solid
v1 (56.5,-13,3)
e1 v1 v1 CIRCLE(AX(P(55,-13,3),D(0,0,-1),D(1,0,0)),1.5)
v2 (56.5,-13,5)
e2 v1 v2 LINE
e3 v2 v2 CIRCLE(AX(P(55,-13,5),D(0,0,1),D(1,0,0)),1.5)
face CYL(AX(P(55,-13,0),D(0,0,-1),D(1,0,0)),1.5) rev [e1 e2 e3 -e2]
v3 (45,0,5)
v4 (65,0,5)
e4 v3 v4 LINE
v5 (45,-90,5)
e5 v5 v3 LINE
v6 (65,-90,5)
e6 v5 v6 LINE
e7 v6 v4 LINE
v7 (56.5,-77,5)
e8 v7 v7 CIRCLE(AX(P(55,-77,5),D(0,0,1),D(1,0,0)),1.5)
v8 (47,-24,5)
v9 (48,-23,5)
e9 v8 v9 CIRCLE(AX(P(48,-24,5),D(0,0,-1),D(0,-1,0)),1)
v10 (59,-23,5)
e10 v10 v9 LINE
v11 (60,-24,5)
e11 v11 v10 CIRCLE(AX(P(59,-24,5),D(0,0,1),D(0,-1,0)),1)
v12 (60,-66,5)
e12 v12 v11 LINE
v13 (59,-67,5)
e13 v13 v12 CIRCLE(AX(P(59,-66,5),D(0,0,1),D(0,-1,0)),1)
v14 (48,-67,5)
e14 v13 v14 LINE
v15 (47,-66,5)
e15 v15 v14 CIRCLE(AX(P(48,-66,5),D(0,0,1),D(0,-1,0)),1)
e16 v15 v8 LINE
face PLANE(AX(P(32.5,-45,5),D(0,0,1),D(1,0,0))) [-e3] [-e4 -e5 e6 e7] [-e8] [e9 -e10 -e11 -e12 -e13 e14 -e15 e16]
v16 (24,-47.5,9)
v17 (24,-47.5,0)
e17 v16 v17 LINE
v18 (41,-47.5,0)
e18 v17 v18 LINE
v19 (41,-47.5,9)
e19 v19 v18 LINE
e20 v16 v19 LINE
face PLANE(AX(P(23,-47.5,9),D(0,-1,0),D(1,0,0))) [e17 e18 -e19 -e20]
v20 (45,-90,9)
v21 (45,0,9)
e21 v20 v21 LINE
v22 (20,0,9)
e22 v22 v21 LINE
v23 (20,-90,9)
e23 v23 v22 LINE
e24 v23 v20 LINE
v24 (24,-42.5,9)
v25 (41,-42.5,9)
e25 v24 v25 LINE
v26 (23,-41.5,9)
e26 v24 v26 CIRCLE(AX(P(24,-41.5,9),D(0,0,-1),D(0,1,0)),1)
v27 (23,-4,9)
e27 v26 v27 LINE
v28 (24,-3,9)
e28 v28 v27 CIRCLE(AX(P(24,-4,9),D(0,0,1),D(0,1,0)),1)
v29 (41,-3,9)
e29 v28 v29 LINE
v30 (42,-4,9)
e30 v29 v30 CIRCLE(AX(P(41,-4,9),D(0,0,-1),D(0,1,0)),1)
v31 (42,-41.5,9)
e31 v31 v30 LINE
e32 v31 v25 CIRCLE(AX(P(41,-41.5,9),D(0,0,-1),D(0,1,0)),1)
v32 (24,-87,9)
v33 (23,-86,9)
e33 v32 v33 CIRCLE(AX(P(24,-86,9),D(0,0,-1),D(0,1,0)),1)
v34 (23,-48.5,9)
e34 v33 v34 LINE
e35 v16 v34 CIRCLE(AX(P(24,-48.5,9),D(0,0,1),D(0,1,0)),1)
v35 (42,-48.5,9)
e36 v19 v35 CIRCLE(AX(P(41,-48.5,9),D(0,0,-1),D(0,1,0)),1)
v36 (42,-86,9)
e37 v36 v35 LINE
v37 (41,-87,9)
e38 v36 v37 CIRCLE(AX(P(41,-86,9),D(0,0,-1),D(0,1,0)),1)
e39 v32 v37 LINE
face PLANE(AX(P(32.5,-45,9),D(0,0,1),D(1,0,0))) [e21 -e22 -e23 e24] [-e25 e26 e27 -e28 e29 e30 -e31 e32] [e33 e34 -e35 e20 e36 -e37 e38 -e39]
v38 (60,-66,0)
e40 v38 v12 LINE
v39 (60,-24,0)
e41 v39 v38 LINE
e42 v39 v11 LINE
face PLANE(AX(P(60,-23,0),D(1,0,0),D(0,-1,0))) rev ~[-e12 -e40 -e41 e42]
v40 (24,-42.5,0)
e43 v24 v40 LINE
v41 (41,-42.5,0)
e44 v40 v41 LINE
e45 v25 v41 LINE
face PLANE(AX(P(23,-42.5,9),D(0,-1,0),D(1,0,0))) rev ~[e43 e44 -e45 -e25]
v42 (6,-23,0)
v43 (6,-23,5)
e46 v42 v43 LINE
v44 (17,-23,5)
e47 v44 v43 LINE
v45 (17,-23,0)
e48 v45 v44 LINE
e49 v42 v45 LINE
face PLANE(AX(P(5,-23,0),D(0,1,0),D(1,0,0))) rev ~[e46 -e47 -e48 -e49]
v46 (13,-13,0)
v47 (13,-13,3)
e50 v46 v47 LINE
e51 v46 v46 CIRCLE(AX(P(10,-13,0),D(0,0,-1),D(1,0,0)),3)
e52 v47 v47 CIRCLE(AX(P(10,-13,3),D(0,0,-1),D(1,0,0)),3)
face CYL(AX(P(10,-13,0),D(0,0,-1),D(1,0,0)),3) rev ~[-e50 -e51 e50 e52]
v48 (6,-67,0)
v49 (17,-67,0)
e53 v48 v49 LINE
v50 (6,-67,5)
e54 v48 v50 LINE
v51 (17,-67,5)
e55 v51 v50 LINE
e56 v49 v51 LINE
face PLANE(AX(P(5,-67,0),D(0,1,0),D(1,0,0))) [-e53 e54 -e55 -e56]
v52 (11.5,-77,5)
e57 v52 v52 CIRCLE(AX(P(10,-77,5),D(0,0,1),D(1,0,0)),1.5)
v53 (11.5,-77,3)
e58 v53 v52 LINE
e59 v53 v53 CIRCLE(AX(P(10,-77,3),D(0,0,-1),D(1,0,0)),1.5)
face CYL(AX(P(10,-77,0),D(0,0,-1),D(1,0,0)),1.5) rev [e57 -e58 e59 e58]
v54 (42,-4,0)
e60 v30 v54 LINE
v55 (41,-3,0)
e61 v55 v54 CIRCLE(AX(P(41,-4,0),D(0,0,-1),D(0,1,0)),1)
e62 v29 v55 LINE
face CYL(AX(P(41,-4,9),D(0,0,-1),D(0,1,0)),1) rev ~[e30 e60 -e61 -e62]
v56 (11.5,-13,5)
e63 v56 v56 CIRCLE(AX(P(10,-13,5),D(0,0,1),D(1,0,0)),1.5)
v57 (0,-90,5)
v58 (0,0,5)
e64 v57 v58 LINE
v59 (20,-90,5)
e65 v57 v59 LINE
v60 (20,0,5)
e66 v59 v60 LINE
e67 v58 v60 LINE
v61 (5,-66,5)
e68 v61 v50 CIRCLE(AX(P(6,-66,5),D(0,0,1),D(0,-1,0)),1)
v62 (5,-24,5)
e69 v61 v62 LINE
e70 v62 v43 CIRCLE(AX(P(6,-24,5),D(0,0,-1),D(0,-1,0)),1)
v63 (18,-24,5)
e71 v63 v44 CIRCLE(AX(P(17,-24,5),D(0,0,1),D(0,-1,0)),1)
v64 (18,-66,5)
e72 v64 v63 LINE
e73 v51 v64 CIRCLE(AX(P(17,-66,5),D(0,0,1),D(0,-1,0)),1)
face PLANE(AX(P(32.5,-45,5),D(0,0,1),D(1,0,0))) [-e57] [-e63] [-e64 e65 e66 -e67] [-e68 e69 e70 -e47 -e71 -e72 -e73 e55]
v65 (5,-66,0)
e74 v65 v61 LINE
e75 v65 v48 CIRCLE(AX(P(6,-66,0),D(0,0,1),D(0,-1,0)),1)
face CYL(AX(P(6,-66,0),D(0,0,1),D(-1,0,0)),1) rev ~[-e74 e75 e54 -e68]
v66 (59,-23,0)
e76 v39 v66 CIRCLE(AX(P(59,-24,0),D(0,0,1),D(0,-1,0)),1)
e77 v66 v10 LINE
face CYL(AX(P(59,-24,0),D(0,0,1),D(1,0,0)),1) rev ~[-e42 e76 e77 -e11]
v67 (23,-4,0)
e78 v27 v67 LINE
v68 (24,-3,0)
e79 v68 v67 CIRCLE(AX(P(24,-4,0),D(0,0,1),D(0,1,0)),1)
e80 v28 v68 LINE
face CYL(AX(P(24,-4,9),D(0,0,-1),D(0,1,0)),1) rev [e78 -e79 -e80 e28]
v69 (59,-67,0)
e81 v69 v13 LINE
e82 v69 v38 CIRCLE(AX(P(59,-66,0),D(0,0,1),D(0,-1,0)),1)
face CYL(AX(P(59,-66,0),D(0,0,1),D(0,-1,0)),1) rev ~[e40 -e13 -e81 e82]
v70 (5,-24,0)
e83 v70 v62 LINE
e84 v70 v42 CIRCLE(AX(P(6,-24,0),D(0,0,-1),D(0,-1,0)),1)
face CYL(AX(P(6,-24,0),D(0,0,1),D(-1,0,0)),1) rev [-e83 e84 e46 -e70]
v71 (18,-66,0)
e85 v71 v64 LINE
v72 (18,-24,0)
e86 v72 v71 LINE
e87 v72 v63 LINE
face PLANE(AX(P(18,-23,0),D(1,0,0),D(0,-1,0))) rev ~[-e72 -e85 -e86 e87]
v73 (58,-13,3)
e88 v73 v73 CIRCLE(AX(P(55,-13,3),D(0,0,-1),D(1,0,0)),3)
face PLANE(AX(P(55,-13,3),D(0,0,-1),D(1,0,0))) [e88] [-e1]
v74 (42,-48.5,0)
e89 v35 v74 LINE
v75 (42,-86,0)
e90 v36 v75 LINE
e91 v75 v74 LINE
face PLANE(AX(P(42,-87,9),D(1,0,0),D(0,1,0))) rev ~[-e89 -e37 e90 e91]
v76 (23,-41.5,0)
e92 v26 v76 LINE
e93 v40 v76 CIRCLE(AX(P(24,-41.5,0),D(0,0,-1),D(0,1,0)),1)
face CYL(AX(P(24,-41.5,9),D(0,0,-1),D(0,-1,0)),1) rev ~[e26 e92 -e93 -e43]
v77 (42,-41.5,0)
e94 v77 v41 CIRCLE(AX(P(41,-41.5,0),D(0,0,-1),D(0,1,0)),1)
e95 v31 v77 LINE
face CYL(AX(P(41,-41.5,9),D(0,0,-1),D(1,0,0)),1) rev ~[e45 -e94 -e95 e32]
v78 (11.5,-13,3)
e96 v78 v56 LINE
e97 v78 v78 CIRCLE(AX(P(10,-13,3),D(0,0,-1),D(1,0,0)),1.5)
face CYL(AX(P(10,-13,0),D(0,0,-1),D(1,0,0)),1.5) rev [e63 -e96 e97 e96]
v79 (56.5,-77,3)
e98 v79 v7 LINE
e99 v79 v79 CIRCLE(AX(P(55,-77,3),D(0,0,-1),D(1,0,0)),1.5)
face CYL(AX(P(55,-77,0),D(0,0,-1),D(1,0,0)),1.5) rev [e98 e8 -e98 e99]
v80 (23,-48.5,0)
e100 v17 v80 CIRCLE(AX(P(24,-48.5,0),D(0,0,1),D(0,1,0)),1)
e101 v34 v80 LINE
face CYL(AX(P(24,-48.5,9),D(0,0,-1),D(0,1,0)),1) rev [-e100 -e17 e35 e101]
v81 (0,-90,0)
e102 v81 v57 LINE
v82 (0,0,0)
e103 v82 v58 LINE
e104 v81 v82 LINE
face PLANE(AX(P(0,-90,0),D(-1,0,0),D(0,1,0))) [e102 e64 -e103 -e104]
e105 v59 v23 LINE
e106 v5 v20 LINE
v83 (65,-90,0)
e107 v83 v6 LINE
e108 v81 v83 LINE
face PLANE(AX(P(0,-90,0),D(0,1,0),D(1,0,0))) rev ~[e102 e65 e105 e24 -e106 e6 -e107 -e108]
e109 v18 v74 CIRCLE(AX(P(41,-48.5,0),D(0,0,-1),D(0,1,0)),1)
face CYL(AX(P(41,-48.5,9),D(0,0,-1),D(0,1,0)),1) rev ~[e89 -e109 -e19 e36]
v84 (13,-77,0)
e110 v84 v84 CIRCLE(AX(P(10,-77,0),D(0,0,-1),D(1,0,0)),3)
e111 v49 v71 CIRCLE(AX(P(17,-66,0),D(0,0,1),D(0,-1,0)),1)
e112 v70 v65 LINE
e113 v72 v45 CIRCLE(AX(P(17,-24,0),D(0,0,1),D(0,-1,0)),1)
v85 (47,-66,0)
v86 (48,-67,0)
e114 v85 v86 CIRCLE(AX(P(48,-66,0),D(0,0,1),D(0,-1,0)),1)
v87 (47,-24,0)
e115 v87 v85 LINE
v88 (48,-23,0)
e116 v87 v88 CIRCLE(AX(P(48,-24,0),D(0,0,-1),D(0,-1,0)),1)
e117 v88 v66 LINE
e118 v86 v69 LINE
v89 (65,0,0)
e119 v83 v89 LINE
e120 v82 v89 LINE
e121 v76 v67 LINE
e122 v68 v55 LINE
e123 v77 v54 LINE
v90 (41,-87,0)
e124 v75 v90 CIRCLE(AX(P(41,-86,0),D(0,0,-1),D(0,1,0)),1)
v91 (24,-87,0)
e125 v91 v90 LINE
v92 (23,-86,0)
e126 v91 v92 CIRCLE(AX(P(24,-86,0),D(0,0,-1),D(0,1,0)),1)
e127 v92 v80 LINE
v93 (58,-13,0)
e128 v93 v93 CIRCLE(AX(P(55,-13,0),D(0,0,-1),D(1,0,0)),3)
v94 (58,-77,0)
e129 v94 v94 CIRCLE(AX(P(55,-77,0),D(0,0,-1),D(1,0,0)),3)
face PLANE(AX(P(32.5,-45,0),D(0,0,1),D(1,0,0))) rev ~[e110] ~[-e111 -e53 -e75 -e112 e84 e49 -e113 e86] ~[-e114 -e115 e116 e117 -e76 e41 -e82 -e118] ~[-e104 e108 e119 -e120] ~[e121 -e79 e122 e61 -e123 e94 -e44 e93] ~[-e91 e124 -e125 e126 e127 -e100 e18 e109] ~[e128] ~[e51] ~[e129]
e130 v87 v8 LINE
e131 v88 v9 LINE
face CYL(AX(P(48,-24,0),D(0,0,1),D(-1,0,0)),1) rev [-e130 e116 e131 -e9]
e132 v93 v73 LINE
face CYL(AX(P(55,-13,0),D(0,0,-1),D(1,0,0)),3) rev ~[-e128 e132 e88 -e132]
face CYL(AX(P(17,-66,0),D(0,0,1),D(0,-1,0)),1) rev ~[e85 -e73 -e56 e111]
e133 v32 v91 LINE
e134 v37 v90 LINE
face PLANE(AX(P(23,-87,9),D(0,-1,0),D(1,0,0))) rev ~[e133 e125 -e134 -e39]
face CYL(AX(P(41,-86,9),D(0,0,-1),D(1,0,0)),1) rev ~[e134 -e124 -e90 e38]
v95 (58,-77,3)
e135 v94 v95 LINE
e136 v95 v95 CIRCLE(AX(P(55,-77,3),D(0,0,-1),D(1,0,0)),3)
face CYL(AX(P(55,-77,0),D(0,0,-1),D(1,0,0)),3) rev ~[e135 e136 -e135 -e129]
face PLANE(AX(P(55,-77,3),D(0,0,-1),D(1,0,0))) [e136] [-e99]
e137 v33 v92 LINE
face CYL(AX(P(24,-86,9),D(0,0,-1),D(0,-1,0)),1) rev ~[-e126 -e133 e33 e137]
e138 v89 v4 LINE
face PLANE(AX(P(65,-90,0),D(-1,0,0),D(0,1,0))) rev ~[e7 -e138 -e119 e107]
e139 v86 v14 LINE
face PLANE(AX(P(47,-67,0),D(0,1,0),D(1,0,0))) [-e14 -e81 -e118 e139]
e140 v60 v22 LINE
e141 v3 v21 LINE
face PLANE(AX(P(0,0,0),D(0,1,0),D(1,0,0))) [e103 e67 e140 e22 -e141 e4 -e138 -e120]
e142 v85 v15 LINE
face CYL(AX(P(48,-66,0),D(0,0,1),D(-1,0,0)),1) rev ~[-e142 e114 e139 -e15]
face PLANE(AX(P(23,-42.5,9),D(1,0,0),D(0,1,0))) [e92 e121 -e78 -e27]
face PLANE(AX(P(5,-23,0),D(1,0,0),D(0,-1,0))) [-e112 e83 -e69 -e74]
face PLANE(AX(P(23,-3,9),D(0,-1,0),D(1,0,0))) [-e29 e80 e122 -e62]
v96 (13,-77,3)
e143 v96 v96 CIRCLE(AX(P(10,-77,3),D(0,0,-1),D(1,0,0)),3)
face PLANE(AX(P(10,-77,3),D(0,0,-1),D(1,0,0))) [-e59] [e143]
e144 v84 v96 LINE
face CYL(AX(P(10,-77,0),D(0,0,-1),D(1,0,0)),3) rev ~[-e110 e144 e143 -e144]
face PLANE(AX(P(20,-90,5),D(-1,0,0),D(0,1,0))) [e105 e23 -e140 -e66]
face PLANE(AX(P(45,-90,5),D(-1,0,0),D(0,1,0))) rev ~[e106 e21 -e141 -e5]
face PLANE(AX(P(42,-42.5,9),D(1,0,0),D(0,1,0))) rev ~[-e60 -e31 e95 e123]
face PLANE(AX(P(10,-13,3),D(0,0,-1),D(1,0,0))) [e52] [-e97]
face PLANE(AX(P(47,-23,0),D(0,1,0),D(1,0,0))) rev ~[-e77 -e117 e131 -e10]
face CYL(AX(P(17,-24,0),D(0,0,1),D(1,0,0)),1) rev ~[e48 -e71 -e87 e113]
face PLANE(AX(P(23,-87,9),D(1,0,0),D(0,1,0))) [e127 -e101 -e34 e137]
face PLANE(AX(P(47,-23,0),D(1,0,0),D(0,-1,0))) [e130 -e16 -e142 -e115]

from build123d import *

# Parameters (mm, degrees)
SKETCH_W        = 65
SKETCH_H        = 90
SKETCH_R        = 1.5
PAD_DEPTH       = 5
SKETCH002_W     = 25
SKETCH002_H     = 90
PAD001_DEPTH    = 4
SKETCH003_W     = 19
SKETCH003_H     = 39.5
POCKET_DEPTH    = 9.001
FILLET_R        = 1
FILLET001_R     = 1
FILLET002_R     = 1
FILLET003_R     = 1
SKETCH004_R     = 3
POCKET001_DEPTH = 3
SKETCH005_W     = 13
SKETCH005_H     = 44
POCKET002_DEPTH = 9.001
FILLET004_R     = 1
FILLET005_R     = 1
FILLET006_R     = 1
FILLET007_R     = 1


with BuildPart() as part:
    # Sketch → Pad (new body)
    with BuildSketch(Plane.XY):
        with Locations((32.5, -45)):
            Rectangle(SKETCH_W, SKETCH_H)
        with Locations((10, -13)):
            Circle(SKETCH_R, mode=Mode.SUBTRACT)
        with Locations((10, -77)):
            Circle(SKETCH_R, mode=Mode.SUBTRACT)
        with Locations((55, -13)):
            Circle(SKETCH_R, mode=Mode.SUBTRACT)
        with Locations((55, -77)):
            Circle(SKETCH_R, mode=Mode.SUBTRACT)
    extrude(amount=PAD_DEPTH)

    # Sketch002 → Pad001 (new body)
    with BuildSketch(Plane.XY.offset(5)):
        with Locations((32.5, -45)):
            Rectangle(SKETCH002_W, SKETCH002_H)
    extrude(amount=PAD001_DEPTH)

    # Sketch003 → Pocket (cut, through all)
    with BuildSketch(Plane.XY.offset(9)):
        with Locations((32.5, -22.75)):
            Rectangle(SKETCH003_W, SKETCH003_H)
        with Locations((32.5, -67.25)):
            Rectangle(SKETCH003_W, SKETCH003_H)
    extrude(amount=-POCKET_DEPTH, mode=Mode.SUBTRACT)

    # Fillet
    fillet_edges = [part.edges().sort_by_distance(p)[0] for p in [
        (23, -47.5, 4.5),
        (23, -3, 4.5),
    ]]
    fillet(fillet_edges, radius=FILLET_R)

    # Fillet001
    fillet001_edges = [part.edges().sort_by_distance(p)[0] for p in [
        (42, -3, 4.5),
        (42, -47.5, 4.5),
    ]]
    fillet(fillet001_edges, radius=FILLET001_R)

    # Fillet002
    fillet002_edges = [part.edges().sort_by_distance(p)[0] for p in [
        (42, -42.5, 4.5),
        (42, -87, 4.5),
    ]]
    fillet(fillet002_edges, radius=FILLET002_R)

    # Fillet003
    fillet003_edges = [part.edges().sort_by_distance(p)[0] for p in [
        (23, -42.5, 4.5),
        (23, -87, 4.5),
    ]]
    fillet(fillet003_edges, radius=FILLET003_R)

    # Sketch004 → Pocket001 (cut)
    with BuildSketch(Plane(origin=(0, 0, 0), x_dir=(1, 0, 0), z_dir=(0, 0, -1))):
        with Locations((10, 77)):
            Circle(SKETCH004_R)
        with Locations((55, 77)):
            Circle(SKETCH004_R)
        with Locations((55, 13)):
            Circle(SKETCH004_R)
        with Locations((10, 13)):
            Circle(SKETCH004_R)
    extrude(amount=-POCKET001_DEPTH, mode=Mode.SUBTRACT)

    # Sketch005 → Pocket002 (cut, through all)
    with BuildSketch(Plane(origin=(0, 0, 0), x_dir=(1, 0, 0), z_dir=(0, 0, -1))):
        with Locations((11.5, 45)):
            Rectangle(SKETCH005_W, SKETCH005_H)
        with Locations((53.5, 45)):
            Rectangle(SKETCH005_W, SKETCH005_H)
    extrude(amount=-POCKET002_DEPTH, mode=Mode.SUBTRACT)

    # Fillet004
    fillet004_edges = [part.edges().sort_by_distance(p)[0] for p in [
        (5, -23, 2.5),
        (47, -23, 2.5),
    ]]
    fillet(fillet004_edges, radius=FILLET004_R)

    # Fillet005
    fillet005_edges = [part.edges().sort_by_distance(p)[0] for p in [
        (5, -67, 2.5),
        (47, -67, 2.5),
    ]]
    fillet(fillet005_edges, radius=FILLET005_R)

    # Fillet006
    fillet006_edges = [part.edges().sort_by_distance(p)[0] for p in [
        (18, -67, 2.5),
        (60, -67, 2.5),
    ]]
    fillet(fillet006_edges, radius=FILLET006_R)

    # Fillet007
    fillet007_edges = [part.edges().sort_by_distance(p)[0] for p in [
        (18, -23, 2.5),
        (60, -23, 2.5),
    ]]
    fillet(fillet007_edges, radius=FILLET007_R)


solid = part.part
